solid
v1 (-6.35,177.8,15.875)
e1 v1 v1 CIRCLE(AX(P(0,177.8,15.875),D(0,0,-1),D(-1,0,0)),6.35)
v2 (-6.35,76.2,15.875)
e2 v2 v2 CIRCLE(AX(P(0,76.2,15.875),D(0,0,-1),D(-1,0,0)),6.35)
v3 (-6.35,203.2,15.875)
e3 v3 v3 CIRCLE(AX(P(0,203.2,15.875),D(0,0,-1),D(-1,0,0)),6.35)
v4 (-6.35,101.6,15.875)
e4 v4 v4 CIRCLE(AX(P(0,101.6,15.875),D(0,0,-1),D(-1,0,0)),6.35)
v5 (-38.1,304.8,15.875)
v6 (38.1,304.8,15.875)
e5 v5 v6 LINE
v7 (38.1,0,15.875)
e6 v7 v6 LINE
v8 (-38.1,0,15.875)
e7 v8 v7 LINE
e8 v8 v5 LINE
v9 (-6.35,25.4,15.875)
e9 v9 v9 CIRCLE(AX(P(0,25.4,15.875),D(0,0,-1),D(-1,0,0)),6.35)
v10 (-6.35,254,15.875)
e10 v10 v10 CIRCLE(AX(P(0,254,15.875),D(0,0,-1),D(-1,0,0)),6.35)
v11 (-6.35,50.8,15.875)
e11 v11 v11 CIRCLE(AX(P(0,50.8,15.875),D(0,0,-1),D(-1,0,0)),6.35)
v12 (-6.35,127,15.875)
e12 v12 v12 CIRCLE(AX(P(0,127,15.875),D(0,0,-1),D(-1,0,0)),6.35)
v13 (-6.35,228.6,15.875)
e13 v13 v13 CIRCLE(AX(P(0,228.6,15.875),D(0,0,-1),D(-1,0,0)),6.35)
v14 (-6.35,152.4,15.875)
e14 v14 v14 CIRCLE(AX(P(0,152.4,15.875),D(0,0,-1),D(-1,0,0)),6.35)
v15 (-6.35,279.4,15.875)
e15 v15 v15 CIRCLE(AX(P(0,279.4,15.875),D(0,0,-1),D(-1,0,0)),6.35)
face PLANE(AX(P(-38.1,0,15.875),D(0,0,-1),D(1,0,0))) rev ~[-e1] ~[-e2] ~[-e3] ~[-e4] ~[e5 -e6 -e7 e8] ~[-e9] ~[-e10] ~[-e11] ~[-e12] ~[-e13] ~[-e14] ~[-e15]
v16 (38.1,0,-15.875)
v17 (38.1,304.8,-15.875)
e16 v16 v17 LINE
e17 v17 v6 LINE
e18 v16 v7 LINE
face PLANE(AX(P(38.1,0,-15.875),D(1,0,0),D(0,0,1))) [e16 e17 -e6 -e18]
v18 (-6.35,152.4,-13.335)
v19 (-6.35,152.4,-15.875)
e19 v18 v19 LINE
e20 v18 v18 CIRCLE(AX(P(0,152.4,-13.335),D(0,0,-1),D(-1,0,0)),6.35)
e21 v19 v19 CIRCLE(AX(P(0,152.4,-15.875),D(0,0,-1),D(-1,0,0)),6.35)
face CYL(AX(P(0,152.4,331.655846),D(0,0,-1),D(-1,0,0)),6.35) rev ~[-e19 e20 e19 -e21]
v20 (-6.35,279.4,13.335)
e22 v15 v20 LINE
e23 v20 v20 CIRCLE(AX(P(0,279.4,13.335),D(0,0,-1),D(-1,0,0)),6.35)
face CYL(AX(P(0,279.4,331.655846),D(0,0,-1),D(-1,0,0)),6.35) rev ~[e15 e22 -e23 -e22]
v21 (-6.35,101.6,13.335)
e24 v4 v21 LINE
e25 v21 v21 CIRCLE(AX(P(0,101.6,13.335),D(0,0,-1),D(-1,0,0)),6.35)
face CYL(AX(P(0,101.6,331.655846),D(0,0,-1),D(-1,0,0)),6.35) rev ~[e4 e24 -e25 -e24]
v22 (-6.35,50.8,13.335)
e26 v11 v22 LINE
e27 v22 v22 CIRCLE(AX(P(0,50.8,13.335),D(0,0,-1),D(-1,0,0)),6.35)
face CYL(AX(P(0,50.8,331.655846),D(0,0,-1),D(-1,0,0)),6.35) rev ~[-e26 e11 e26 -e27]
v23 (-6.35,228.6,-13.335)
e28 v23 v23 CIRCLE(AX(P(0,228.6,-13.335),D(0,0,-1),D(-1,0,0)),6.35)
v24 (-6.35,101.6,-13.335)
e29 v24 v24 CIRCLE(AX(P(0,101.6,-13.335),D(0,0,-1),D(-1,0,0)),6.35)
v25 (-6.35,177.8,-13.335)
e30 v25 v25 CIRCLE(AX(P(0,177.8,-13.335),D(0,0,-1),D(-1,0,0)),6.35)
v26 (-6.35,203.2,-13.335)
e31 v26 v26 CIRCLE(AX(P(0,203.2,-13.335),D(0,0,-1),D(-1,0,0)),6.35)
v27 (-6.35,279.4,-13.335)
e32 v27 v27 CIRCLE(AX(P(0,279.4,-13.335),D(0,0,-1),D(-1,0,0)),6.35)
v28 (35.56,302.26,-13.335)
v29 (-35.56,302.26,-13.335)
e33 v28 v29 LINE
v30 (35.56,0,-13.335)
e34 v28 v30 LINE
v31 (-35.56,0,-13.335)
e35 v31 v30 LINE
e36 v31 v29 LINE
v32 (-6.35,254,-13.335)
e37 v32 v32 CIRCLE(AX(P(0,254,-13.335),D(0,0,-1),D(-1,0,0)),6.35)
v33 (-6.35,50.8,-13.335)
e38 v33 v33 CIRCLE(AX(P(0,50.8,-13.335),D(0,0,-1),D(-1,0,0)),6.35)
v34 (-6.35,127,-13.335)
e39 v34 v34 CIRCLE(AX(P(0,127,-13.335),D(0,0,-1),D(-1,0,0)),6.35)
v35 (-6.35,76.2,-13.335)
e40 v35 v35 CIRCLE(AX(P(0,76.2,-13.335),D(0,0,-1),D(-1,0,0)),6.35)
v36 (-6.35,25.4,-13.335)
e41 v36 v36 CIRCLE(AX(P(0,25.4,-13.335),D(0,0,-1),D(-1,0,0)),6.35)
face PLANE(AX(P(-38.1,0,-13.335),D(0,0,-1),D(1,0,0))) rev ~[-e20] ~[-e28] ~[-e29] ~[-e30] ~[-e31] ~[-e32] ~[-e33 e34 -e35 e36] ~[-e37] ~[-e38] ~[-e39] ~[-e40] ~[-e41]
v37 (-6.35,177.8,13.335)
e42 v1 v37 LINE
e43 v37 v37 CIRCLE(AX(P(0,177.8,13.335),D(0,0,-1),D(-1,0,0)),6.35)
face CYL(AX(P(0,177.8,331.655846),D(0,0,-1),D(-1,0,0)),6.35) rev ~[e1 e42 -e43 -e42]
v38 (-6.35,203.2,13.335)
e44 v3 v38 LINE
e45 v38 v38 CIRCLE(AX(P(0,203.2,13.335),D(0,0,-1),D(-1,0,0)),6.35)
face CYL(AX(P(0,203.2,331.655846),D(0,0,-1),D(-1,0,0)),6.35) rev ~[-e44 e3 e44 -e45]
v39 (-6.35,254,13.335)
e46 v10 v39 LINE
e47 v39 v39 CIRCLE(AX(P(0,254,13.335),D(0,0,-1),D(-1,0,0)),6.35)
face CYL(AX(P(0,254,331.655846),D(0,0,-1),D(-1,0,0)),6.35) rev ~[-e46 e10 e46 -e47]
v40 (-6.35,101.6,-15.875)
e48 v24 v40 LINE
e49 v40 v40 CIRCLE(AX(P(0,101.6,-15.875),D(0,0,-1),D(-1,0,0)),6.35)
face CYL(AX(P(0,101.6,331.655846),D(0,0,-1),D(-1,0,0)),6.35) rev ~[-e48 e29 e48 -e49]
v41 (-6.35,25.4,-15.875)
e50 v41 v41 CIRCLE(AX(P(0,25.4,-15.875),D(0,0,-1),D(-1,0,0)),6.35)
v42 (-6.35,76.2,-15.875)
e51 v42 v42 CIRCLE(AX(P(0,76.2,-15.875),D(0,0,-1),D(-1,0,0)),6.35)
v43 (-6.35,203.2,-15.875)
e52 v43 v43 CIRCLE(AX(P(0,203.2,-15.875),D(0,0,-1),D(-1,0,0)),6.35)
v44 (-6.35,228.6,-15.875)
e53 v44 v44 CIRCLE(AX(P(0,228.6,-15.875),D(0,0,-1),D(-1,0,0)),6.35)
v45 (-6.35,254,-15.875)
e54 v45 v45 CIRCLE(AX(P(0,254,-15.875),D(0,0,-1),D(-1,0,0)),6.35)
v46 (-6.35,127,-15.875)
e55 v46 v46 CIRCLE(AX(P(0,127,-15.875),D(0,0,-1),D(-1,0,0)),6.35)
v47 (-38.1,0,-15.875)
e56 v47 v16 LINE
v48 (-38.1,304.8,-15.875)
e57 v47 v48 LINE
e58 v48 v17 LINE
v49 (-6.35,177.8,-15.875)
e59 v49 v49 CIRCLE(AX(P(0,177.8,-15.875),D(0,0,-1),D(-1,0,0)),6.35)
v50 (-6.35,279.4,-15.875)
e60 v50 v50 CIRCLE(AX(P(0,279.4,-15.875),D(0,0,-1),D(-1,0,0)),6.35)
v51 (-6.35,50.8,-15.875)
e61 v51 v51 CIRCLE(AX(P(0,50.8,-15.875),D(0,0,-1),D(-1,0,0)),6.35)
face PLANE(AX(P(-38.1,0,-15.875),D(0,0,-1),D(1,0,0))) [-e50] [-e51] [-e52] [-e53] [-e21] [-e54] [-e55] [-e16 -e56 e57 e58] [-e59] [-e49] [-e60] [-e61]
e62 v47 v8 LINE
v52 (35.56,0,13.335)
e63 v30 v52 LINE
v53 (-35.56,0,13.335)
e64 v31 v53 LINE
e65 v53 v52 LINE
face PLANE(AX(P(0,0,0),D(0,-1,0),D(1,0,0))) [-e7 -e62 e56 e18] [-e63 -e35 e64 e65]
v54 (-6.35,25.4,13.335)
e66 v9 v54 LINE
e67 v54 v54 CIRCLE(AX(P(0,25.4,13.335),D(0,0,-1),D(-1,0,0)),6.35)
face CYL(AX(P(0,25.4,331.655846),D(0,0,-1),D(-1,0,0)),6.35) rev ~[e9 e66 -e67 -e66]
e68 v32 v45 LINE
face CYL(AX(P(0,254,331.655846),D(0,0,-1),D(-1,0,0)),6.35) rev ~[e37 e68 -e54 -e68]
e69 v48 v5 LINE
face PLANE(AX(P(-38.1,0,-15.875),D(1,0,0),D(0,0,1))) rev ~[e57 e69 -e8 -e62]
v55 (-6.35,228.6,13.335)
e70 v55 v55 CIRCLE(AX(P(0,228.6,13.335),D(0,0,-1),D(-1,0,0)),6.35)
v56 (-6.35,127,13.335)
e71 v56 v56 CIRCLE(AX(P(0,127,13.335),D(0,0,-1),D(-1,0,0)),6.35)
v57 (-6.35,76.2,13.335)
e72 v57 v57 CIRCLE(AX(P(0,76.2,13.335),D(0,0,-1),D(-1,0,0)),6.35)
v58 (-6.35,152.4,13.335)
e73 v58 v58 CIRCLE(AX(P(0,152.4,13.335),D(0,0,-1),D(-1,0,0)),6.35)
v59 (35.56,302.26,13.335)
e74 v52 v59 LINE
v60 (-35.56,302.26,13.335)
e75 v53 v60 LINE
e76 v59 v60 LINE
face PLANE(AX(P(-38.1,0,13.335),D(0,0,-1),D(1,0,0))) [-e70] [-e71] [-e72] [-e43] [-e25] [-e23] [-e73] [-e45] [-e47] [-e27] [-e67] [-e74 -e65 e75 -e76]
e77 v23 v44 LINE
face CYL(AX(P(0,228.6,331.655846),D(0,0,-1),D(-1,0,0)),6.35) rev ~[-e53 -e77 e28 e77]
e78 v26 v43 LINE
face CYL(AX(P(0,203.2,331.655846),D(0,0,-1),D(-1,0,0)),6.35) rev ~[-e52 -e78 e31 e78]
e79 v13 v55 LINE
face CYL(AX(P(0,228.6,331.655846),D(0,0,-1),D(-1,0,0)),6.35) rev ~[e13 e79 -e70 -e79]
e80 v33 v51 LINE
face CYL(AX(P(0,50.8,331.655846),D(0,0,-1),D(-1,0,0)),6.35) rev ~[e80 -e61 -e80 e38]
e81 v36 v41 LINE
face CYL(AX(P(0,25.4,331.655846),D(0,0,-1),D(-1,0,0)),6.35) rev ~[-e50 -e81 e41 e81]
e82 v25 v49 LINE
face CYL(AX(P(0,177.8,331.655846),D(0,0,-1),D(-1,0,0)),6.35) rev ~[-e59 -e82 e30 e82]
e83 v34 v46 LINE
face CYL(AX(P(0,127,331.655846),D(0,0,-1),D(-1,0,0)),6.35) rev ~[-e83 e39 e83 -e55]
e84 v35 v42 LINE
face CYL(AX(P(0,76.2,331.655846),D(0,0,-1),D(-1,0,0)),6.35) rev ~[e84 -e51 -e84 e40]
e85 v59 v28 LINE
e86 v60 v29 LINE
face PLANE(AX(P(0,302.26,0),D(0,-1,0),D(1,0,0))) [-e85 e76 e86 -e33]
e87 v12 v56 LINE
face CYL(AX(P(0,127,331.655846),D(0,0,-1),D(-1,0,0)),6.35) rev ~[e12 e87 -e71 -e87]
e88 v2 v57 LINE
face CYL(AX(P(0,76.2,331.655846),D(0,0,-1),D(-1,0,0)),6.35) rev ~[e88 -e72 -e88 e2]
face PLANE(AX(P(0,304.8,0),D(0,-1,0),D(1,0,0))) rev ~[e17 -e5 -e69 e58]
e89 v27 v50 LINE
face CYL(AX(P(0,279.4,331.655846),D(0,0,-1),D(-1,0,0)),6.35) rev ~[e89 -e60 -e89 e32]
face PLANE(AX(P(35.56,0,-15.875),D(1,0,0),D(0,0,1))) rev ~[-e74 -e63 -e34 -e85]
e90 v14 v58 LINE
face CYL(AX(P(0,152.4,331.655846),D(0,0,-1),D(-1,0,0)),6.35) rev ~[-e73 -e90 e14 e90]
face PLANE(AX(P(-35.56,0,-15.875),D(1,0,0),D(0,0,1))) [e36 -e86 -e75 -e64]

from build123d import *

# Parameters (mm, degrees)
F0_W     = 76.2
F0_H     = 31.75
F1_DEPTH = 304.8
F2_T     = -2.54
F4_D     = 12.7


with BuildPart() as f1:
    # F0 (on Front) → F1 (new body)
    with BuildSketch(Plane.XZ):
        Rectangle(F0_W, F0_H)
    extrude(amount=-F1_DEPTH)

    # F2
    f2_openings = [f1.faces().sort_by_distance(p)[0] for p in [
        (0, 0, 0),
    ]]
    offset(amount=F2_T, openings=f2_openings)

    # F4 (through all)
    with Locations(Plane.XY.offset(15.875)):
        with Locations((0, 279.4), (0, 254), (0, 228.6), (0, 203.2), (0, 177.8), (0, 152.4), (0, 127), (0, 101.6), (0, 76.2), (0, 25.4), (0, 50.8)):
            Hole(F4_D / 2)


solid = f1.part
